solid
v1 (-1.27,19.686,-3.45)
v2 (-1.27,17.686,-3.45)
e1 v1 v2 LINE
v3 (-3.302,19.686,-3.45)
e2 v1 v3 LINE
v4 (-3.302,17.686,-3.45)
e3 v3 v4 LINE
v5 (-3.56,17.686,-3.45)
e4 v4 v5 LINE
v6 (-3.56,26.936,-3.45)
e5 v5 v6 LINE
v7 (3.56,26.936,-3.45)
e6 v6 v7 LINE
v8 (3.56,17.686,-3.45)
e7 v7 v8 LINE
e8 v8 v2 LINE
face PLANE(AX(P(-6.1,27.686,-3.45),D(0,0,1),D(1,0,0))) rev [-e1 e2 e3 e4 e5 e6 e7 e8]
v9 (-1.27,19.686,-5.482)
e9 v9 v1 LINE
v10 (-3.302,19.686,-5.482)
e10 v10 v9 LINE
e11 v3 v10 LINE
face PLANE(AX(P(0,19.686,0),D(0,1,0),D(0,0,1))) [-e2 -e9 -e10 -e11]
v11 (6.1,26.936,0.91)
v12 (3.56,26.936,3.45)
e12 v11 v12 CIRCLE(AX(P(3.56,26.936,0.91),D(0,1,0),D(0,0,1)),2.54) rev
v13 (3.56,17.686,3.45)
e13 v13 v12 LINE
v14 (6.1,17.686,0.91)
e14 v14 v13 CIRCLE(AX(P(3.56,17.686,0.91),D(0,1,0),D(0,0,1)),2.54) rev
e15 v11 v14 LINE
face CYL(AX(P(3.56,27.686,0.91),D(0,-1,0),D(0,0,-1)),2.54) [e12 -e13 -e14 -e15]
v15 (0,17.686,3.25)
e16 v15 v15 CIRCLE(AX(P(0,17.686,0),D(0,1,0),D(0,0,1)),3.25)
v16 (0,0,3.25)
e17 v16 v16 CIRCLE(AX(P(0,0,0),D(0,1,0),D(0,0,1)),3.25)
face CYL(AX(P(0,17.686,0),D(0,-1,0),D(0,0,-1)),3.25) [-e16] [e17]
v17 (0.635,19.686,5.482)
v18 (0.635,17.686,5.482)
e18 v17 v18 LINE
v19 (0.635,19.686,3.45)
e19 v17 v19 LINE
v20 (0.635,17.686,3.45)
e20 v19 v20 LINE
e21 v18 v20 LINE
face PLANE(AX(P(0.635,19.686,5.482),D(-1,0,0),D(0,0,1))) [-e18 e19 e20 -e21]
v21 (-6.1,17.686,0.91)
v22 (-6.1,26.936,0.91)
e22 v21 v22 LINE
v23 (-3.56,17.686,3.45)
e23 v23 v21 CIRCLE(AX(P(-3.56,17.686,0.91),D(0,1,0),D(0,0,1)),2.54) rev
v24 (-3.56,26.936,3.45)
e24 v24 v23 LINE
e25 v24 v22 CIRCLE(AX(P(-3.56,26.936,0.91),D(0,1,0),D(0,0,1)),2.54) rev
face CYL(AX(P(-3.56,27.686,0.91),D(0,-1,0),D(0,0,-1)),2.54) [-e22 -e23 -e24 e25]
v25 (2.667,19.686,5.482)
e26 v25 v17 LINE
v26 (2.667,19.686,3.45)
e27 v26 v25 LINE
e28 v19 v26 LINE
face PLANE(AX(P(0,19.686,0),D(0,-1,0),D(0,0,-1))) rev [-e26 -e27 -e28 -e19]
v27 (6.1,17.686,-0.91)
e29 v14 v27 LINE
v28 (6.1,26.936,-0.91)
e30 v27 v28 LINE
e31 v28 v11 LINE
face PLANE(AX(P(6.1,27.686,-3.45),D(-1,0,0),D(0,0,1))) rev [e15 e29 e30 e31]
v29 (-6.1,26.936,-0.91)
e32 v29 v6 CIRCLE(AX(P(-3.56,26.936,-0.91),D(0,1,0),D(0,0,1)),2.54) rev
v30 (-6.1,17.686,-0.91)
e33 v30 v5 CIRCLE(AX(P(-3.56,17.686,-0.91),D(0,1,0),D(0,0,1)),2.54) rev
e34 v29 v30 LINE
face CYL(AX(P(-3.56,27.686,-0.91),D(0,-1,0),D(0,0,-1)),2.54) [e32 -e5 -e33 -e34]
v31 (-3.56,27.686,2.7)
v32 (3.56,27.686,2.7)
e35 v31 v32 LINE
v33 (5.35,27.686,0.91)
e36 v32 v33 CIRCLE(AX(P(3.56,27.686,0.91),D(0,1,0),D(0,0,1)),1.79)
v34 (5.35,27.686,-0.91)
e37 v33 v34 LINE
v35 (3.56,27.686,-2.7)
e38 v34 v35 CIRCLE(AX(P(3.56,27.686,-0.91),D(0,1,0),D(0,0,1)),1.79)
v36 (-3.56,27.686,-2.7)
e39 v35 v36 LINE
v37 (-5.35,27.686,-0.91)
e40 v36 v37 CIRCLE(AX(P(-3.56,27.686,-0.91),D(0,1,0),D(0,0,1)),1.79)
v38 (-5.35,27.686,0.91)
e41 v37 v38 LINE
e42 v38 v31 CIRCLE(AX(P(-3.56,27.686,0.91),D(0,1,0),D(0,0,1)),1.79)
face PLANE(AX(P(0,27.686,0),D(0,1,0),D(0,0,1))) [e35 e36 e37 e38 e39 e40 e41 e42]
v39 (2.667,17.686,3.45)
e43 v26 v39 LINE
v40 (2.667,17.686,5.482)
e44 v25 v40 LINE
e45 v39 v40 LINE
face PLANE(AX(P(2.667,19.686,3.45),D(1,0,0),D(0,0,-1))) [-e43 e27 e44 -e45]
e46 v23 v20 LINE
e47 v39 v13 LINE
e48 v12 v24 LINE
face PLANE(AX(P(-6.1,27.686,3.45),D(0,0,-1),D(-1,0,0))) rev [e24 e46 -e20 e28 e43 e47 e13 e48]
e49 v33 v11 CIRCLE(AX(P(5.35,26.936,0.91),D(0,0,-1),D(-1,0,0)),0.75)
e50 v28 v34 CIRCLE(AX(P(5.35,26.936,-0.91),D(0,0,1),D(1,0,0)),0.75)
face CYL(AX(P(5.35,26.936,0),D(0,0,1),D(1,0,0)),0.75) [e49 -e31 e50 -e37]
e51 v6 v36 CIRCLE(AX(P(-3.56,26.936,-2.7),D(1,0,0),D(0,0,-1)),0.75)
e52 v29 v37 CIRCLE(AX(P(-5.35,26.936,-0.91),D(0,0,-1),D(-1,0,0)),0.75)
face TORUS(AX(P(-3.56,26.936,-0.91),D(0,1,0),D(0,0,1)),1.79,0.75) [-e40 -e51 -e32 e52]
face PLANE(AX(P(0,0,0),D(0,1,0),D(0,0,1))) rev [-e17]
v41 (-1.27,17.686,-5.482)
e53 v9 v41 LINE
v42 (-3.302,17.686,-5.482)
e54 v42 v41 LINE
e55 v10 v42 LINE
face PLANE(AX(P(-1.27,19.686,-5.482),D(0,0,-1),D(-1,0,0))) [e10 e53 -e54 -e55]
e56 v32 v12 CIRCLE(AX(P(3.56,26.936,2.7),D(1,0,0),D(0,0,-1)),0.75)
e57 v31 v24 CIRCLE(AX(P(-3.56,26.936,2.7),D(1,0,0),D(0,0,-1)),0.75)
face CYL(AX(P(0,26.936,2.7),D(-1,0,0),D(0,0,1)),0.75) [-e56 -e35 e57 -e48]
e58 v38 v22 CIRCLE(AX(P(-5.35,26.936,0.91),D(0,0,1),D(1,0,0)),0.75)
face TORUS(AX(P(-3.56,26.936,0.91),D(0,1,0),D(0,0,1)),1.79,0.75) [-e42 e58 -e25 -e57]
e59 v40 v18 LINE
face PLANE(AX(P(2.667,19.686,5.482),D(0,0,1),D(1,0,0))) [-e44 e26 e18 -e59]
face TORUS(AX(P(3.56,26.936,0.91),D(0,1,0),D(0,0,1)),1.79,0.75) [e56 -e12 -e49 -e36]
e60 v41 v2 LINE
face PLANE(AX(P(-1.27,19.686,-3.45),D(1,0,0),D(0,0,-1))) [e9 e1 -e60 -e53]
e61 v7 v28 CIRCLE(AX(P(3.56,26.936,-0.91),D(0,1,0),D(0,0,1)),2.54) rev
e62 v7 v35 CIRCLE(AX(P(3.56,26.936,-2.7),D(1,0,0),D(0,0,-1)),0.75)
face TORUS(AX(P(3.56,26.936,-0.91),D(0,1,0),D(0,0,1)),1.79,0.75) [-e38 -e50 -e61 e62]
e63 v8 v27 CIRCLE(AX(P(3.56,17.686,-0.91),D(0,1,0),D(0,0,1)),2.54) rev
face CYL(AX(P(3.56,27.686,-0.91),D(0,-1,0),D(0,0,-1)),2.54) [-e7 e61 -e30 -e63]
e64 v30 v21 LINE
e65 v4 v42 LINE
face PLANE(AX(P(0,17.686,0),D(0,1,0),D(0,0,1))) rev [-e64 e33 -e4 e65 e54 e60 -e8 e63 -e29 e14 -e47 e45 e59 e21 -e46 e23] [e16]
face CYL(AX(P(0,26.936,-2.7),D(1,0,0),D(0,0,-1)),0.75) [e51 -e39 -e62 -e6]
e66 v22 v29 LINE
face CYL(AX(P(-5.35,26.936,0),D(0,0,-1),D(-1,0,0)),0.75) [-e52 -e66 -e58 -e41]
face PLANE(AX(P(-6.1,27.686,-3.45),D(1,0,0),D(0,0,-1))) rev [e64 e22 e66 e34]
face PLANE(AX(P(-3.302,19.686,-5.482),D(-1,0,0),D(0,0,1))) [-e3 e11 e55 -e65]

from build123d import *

# Parameters (mm, degrees)
SKETCH1_R           = 3.25
BOSS_EXTRUDE1_DEPTH = 17.686
SKETCH3_W           = 12.2
SKETCH3_H           = 6.9
BOSS_EXTRUDE2_DEPTH = 10
FILLET1_R           = 2.54
FILLET2_R           = 0.75
SKETCH5_W           = 2.032
SKETCH5_H           = 2.032
BOSS_EXTRUDE3_DEPTH = 2


with BuildPart() as part:
    # Sketch1 → Boss-Extrude1 (new body)
    with BuildSketch(Plane(origin=(0, 0, 0), x_dir=(1, 0, 0), z_dir=(0, 1, 0))):
        Circle(SKETCH1_R)
    extrude(amount=BOSS_EXTRUDE1_DEPTH)

    # Sketch3 → Boss-Extrude2 (add)
    with BuildSketch(Plane(origin=(0, 17.686, 0), x_dir=(1, 0, 0), z_dir=(0, 1, 0))):
        Rectangle(SKETCH3_W, SKETCH3_H)
    extrude(amount=BOSS_EXTRUDE2_DEPTH)

    # Fillet1
    fillet1_edges = [part.edges().sort_by_distance(p)[0] for p in [
        (6.1, 22.686, 3.45),
        (6.1, 22.686, -3.45),
        (-6.1, 22.686, -3.45),
        (-6.1, 22.686, 3.45),
    ]]
    fillet(fillet1_edges, radius=FILLET1_R)

    # Fillet2
    fillet2_edges = [part.edges().sort_by_distance(p)[0] for p in [
        (-6.1, 27.686, 0),
        (0, 27.686, -3.45),
        (6.1, 27.686, 0),
        (0, 27.686, 3.45),
        (-5.356051224, 27.686, 2.706051224),
        (5.356051224, 27.686, 2.706051224),
        (5.356051224, 27.686, -2.706051224),
        (-5.356051224, 27.686, -2.706051224),
    ]]
    fillet(fillet2_edges, radius=FILLET2_R)

    # Sketch5 → Boss-Extrude3 (add)
    with BuildSketch(Plane.XZ.offset(-17.686)):
        with Locations((-2.286, -4.466)):
            Rectangle(SKETCH5_W, SKETCH5_H)
        with Locations((1.651, 4.466)):
            Rectangle(SKETCH5_W, SKETCH5_H)
    extrude(amount=-BOSS_EXTRUDE3_DEPTH)


solid = part.part
